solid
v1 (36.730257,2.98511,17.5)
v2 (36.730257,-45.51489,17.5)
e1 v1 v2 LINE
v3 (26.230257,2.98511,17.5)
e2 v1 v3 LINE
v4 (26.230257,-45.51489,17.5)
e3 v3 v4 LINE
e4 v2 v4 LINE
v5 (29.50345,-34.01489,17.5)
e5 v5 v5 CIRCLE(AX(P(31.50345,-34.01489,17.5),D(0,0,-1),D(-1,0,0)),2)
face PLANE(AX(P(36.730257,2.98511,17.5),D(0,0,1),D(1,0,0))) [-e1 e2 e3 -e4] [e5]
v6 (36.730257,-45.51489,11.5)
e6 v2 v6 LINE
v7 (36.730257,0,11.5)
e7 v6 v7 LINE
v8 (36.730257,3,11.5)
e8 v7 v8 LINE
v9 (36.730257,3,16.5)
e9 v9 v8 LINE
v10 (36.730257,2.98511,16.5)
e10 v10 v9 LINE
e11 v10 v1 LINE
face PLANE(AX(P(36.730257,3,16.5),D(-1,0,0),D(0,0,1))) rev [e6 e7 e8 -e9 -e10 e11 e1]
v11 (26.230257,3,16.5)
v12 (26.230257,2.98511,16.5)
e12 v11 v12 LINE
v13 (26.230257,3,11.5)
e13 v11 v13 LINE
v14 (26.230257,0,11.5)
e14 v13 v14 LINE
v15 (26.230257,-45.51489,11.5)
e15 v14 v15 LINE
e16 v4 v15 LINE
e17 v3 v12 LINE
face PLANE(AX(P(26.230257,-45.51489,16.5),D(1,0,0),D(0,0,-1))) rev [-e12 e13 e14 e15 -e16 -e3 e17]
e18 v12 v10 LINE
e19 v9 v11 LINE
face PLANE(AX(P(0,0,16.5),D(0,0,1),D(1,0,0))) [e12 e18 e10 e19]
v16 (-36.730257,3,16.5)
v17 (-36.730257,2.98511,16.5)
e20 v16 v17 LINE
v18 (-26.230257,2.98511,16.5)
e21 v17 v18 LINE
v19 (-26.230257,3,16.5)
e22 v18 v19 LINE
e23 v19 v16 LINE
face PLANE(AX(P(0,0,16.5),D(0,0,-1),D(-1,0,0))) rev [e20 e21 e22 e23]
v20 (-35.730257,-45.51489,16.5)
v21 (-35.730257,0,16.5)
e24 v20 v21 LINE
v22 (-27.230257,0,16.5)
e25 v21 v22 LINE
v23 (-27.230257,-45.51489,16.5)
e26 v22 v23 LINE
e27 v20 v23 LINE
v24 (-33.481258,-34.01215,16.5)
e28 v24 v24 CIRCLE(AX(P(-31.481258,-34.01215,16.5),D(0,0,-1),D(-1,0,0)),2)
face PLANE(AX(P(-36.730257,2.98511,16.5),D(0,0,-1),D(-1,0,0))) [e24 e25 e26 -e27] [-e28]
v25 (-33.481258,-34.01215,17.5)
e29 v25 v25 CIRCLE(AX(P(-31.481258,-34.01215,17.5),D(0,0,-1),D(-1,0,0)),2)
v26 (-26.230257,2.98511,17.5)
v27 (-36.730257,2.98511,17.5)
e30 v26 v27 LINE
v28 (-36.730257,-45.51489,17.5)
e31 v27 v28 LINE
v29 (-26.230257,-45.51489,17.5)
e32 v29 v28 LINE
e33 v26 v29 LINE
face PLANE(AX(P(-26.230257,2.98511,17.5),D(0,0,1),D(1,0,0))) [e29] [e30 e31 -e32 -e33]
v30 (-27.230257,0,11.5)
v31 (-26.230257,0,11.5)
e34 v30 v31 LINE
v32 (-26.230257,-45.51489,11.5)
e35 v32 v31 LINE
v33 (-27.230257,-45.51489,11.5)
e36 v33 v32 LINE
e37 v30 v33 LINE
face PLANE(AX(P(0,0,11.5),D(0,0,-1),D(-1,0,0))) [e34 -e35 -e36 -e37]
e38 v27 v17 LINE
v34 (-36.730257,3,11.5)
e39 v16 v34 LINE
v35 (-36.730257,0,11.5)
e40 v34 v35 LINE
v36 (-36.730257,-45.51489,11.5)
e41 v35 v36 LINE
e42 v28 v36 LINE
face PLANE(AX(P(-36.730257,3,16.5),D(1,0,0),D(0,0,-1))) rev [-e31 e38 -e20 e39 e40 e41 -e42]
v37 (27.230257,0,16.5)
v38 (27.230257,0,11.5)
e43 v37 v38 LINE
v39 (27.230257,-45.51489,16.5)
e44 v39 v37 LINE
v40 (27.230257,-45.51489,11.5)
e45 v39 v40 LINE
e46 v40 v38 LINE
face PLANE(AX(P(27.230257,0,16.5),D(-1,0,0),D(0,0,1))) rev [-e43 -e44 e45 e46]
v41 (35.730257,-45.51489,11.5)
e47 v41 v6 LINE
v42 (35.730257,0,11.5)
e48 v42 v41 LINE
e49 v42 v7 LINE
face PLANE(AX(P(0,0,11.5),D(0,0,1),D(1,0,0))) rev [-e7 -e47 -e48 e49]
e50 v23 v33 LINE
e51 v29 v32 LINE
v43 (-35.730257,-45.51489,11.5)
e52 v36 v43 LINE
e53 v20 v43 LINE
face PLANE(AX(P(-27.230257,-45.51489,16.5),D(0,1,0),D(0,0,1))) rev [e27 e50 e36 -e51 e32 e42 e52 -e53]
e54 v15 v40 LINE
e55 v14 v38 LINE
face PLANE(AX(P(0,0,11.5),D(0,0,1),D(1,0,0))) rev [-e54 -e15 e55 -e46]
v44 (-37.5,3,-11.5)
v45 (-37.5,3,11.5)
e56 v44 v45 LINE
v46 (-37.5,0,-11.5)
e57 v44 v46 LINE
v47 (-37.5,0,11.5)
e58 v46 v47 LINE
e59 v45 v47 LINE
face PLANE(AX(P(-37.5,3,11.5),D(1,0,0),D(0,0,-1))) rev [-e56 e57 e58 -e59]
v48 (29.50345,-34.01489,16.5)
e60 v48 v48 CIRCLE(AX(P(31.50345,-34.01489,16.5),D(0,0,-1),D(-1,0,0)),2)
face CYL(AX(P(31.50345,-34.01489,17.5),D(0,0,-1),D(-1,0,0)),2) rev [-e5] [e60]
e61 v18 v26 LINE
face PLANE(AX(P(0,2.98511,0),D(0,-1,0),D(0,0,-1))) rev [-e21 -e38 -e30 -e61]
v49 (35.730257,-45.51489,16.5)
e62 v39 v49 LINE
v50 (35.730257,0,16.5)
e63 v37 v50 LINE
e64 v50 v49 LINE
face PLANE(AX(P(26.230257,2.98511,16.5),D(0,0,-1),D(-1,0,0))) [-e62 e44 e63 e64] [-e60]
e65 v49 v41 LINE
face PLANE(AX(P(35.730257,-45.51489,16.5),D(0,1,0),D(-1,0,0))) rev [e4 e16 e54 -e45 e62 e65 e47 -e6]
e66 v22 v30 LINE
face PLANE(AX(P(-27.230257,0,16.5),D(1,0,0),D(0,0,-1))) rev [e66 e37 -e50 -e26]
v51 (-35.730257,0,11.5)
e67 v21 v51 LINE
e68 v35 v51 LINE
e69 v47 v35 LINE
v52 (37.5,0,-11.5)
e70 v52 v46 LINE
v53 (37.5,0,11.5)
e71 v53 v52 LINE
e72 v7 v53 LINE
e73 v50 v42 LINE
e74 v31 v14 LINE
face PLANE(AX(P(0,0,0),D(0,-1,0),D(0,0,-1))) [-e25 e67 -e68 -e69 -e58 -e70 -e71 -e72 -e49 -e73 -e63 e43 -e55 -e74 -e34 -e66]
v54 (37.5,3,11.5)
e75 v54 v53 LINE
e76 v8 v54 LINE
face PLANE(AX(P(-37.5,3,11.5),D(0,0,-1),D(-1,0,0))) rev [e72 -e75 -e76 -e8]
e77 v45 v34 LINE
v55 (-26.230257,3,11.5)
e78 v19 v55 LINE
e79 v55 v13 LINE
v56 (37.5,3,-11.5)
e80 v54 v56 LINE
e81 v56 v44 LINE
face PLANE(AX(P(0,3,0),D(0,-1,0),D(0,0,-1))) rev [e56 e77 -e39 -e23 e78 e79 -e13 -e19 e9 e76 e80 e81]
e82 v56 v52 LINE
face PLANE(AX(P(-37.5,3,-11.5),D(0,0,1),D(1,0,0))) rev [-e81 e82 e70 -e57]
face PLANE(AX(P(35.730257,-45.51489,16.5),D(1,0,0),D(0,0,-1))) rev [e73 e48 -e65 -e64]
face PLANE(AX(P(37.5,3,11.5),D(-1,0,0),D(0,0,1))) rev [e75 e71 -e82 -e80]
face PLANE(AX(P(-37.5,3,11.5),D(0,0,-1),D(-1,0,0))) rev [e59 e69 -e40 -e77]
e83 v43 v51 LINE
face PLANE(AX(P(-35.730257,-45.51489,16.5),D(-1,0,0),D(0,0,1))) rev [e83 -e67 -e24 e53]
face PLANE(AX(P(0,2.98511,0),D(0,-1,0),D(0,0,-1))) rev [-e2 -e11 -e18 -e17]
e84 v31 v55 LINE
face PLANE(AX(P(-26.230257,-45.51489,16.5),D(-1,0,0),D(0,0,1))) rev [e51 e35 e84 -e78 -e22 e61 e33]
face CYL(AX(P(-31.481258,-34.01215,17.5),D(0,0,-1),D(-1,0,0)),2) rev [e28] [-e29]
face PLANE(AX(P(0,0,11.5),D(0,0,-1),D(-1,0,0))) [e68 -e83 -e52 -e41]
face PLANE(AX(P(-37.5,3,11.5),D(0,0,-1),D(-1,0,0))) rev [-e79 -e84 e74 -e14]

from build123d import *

# Parameters (mm, degrees)
SKETCH1_W           = 75
SKETCH1_H           = 23
BOSS_EXTRUDE1_DEPTH = 3
BOSS_EXTRUDE4_DEPTH = 5
SKETCH3_W           = 10.5
SKETCH3_H           = 1
BOSS_EXTRUDE5_DEPTH = 48.5
SKETCH4_R           = 2
CUT_EXTRUDE1_DEPTH  = 66.282886378


with BuildPart() as part:
    # Sketch1 → Boss-Extrude1 (new body)
    with BuildSketch(Plane(origin=(0, 0, 0), x_dir=(1, 0, 0), z_dir=(0, 1, 0))):
        Rectangle(SKETCH1_W, SKETCH1_H)
    extrude(amount=BOSS_EXTRUDE1_DEPTH)

    # Sketch2 → Boss-Extrude4 (add)
    with BuildSketch(Plane.XY.offset(11.5)):
        Polygon((27.230257431, 0), (27.230257431, -45.514890462), (26.230257431, -45.514890462), (26.230257431, 3), (36.730257431, 3), (36.730257431, -45.514890462), (35.730257431, -45.514890462), (35.730257431, 0), align=None)
        Polygon((-35.730257431, -45.514890462), (-36.730257431, -45.514890462), (-36.730257431, 3), (-26.230257431, 3), (-26.230257431, -45.514890462), (-27.230257431, -45.514890462), (-27.230257431, 0), (-35.730257431, 0), align=None)
    extrude(amount=BOSS_EXTRUDE4_DEPTH)

    # Sketch3 → Boss-Extrude5 (add)
    with BuildSketch(Plane.XZ.offset(45.514890462)):
        with Locations((-31.480257431, 17)):
            Rectangle(SKETCH3_W, SKETCH3_H)
        with Locations((31.480257431, 17)):
            Rectangle(SKETCH3_W, SKETCH3_H)
    extrude(amount=-BOSS_EXTRUDE5_DEPTH)

    # Sketch4 → Cut-Extrude1 (cut, through all)
    with BuildSketch(Plane(origin=(0, 0, 16.5), x_dir=(-1, 0, 0), z_dir=(0, 0, -1))):
        with Locations((31.481258109, -34.012149814)):
            Circle(SKETCH4_R)
        with Locations((-31.503449984, -34.014890462)):
            Circle(SKETCH4_R)
    extrude(amount=-CUT_EXTRUDE1_DEPTH, mode=Mode.SUBTRACT)


solid = part.part
